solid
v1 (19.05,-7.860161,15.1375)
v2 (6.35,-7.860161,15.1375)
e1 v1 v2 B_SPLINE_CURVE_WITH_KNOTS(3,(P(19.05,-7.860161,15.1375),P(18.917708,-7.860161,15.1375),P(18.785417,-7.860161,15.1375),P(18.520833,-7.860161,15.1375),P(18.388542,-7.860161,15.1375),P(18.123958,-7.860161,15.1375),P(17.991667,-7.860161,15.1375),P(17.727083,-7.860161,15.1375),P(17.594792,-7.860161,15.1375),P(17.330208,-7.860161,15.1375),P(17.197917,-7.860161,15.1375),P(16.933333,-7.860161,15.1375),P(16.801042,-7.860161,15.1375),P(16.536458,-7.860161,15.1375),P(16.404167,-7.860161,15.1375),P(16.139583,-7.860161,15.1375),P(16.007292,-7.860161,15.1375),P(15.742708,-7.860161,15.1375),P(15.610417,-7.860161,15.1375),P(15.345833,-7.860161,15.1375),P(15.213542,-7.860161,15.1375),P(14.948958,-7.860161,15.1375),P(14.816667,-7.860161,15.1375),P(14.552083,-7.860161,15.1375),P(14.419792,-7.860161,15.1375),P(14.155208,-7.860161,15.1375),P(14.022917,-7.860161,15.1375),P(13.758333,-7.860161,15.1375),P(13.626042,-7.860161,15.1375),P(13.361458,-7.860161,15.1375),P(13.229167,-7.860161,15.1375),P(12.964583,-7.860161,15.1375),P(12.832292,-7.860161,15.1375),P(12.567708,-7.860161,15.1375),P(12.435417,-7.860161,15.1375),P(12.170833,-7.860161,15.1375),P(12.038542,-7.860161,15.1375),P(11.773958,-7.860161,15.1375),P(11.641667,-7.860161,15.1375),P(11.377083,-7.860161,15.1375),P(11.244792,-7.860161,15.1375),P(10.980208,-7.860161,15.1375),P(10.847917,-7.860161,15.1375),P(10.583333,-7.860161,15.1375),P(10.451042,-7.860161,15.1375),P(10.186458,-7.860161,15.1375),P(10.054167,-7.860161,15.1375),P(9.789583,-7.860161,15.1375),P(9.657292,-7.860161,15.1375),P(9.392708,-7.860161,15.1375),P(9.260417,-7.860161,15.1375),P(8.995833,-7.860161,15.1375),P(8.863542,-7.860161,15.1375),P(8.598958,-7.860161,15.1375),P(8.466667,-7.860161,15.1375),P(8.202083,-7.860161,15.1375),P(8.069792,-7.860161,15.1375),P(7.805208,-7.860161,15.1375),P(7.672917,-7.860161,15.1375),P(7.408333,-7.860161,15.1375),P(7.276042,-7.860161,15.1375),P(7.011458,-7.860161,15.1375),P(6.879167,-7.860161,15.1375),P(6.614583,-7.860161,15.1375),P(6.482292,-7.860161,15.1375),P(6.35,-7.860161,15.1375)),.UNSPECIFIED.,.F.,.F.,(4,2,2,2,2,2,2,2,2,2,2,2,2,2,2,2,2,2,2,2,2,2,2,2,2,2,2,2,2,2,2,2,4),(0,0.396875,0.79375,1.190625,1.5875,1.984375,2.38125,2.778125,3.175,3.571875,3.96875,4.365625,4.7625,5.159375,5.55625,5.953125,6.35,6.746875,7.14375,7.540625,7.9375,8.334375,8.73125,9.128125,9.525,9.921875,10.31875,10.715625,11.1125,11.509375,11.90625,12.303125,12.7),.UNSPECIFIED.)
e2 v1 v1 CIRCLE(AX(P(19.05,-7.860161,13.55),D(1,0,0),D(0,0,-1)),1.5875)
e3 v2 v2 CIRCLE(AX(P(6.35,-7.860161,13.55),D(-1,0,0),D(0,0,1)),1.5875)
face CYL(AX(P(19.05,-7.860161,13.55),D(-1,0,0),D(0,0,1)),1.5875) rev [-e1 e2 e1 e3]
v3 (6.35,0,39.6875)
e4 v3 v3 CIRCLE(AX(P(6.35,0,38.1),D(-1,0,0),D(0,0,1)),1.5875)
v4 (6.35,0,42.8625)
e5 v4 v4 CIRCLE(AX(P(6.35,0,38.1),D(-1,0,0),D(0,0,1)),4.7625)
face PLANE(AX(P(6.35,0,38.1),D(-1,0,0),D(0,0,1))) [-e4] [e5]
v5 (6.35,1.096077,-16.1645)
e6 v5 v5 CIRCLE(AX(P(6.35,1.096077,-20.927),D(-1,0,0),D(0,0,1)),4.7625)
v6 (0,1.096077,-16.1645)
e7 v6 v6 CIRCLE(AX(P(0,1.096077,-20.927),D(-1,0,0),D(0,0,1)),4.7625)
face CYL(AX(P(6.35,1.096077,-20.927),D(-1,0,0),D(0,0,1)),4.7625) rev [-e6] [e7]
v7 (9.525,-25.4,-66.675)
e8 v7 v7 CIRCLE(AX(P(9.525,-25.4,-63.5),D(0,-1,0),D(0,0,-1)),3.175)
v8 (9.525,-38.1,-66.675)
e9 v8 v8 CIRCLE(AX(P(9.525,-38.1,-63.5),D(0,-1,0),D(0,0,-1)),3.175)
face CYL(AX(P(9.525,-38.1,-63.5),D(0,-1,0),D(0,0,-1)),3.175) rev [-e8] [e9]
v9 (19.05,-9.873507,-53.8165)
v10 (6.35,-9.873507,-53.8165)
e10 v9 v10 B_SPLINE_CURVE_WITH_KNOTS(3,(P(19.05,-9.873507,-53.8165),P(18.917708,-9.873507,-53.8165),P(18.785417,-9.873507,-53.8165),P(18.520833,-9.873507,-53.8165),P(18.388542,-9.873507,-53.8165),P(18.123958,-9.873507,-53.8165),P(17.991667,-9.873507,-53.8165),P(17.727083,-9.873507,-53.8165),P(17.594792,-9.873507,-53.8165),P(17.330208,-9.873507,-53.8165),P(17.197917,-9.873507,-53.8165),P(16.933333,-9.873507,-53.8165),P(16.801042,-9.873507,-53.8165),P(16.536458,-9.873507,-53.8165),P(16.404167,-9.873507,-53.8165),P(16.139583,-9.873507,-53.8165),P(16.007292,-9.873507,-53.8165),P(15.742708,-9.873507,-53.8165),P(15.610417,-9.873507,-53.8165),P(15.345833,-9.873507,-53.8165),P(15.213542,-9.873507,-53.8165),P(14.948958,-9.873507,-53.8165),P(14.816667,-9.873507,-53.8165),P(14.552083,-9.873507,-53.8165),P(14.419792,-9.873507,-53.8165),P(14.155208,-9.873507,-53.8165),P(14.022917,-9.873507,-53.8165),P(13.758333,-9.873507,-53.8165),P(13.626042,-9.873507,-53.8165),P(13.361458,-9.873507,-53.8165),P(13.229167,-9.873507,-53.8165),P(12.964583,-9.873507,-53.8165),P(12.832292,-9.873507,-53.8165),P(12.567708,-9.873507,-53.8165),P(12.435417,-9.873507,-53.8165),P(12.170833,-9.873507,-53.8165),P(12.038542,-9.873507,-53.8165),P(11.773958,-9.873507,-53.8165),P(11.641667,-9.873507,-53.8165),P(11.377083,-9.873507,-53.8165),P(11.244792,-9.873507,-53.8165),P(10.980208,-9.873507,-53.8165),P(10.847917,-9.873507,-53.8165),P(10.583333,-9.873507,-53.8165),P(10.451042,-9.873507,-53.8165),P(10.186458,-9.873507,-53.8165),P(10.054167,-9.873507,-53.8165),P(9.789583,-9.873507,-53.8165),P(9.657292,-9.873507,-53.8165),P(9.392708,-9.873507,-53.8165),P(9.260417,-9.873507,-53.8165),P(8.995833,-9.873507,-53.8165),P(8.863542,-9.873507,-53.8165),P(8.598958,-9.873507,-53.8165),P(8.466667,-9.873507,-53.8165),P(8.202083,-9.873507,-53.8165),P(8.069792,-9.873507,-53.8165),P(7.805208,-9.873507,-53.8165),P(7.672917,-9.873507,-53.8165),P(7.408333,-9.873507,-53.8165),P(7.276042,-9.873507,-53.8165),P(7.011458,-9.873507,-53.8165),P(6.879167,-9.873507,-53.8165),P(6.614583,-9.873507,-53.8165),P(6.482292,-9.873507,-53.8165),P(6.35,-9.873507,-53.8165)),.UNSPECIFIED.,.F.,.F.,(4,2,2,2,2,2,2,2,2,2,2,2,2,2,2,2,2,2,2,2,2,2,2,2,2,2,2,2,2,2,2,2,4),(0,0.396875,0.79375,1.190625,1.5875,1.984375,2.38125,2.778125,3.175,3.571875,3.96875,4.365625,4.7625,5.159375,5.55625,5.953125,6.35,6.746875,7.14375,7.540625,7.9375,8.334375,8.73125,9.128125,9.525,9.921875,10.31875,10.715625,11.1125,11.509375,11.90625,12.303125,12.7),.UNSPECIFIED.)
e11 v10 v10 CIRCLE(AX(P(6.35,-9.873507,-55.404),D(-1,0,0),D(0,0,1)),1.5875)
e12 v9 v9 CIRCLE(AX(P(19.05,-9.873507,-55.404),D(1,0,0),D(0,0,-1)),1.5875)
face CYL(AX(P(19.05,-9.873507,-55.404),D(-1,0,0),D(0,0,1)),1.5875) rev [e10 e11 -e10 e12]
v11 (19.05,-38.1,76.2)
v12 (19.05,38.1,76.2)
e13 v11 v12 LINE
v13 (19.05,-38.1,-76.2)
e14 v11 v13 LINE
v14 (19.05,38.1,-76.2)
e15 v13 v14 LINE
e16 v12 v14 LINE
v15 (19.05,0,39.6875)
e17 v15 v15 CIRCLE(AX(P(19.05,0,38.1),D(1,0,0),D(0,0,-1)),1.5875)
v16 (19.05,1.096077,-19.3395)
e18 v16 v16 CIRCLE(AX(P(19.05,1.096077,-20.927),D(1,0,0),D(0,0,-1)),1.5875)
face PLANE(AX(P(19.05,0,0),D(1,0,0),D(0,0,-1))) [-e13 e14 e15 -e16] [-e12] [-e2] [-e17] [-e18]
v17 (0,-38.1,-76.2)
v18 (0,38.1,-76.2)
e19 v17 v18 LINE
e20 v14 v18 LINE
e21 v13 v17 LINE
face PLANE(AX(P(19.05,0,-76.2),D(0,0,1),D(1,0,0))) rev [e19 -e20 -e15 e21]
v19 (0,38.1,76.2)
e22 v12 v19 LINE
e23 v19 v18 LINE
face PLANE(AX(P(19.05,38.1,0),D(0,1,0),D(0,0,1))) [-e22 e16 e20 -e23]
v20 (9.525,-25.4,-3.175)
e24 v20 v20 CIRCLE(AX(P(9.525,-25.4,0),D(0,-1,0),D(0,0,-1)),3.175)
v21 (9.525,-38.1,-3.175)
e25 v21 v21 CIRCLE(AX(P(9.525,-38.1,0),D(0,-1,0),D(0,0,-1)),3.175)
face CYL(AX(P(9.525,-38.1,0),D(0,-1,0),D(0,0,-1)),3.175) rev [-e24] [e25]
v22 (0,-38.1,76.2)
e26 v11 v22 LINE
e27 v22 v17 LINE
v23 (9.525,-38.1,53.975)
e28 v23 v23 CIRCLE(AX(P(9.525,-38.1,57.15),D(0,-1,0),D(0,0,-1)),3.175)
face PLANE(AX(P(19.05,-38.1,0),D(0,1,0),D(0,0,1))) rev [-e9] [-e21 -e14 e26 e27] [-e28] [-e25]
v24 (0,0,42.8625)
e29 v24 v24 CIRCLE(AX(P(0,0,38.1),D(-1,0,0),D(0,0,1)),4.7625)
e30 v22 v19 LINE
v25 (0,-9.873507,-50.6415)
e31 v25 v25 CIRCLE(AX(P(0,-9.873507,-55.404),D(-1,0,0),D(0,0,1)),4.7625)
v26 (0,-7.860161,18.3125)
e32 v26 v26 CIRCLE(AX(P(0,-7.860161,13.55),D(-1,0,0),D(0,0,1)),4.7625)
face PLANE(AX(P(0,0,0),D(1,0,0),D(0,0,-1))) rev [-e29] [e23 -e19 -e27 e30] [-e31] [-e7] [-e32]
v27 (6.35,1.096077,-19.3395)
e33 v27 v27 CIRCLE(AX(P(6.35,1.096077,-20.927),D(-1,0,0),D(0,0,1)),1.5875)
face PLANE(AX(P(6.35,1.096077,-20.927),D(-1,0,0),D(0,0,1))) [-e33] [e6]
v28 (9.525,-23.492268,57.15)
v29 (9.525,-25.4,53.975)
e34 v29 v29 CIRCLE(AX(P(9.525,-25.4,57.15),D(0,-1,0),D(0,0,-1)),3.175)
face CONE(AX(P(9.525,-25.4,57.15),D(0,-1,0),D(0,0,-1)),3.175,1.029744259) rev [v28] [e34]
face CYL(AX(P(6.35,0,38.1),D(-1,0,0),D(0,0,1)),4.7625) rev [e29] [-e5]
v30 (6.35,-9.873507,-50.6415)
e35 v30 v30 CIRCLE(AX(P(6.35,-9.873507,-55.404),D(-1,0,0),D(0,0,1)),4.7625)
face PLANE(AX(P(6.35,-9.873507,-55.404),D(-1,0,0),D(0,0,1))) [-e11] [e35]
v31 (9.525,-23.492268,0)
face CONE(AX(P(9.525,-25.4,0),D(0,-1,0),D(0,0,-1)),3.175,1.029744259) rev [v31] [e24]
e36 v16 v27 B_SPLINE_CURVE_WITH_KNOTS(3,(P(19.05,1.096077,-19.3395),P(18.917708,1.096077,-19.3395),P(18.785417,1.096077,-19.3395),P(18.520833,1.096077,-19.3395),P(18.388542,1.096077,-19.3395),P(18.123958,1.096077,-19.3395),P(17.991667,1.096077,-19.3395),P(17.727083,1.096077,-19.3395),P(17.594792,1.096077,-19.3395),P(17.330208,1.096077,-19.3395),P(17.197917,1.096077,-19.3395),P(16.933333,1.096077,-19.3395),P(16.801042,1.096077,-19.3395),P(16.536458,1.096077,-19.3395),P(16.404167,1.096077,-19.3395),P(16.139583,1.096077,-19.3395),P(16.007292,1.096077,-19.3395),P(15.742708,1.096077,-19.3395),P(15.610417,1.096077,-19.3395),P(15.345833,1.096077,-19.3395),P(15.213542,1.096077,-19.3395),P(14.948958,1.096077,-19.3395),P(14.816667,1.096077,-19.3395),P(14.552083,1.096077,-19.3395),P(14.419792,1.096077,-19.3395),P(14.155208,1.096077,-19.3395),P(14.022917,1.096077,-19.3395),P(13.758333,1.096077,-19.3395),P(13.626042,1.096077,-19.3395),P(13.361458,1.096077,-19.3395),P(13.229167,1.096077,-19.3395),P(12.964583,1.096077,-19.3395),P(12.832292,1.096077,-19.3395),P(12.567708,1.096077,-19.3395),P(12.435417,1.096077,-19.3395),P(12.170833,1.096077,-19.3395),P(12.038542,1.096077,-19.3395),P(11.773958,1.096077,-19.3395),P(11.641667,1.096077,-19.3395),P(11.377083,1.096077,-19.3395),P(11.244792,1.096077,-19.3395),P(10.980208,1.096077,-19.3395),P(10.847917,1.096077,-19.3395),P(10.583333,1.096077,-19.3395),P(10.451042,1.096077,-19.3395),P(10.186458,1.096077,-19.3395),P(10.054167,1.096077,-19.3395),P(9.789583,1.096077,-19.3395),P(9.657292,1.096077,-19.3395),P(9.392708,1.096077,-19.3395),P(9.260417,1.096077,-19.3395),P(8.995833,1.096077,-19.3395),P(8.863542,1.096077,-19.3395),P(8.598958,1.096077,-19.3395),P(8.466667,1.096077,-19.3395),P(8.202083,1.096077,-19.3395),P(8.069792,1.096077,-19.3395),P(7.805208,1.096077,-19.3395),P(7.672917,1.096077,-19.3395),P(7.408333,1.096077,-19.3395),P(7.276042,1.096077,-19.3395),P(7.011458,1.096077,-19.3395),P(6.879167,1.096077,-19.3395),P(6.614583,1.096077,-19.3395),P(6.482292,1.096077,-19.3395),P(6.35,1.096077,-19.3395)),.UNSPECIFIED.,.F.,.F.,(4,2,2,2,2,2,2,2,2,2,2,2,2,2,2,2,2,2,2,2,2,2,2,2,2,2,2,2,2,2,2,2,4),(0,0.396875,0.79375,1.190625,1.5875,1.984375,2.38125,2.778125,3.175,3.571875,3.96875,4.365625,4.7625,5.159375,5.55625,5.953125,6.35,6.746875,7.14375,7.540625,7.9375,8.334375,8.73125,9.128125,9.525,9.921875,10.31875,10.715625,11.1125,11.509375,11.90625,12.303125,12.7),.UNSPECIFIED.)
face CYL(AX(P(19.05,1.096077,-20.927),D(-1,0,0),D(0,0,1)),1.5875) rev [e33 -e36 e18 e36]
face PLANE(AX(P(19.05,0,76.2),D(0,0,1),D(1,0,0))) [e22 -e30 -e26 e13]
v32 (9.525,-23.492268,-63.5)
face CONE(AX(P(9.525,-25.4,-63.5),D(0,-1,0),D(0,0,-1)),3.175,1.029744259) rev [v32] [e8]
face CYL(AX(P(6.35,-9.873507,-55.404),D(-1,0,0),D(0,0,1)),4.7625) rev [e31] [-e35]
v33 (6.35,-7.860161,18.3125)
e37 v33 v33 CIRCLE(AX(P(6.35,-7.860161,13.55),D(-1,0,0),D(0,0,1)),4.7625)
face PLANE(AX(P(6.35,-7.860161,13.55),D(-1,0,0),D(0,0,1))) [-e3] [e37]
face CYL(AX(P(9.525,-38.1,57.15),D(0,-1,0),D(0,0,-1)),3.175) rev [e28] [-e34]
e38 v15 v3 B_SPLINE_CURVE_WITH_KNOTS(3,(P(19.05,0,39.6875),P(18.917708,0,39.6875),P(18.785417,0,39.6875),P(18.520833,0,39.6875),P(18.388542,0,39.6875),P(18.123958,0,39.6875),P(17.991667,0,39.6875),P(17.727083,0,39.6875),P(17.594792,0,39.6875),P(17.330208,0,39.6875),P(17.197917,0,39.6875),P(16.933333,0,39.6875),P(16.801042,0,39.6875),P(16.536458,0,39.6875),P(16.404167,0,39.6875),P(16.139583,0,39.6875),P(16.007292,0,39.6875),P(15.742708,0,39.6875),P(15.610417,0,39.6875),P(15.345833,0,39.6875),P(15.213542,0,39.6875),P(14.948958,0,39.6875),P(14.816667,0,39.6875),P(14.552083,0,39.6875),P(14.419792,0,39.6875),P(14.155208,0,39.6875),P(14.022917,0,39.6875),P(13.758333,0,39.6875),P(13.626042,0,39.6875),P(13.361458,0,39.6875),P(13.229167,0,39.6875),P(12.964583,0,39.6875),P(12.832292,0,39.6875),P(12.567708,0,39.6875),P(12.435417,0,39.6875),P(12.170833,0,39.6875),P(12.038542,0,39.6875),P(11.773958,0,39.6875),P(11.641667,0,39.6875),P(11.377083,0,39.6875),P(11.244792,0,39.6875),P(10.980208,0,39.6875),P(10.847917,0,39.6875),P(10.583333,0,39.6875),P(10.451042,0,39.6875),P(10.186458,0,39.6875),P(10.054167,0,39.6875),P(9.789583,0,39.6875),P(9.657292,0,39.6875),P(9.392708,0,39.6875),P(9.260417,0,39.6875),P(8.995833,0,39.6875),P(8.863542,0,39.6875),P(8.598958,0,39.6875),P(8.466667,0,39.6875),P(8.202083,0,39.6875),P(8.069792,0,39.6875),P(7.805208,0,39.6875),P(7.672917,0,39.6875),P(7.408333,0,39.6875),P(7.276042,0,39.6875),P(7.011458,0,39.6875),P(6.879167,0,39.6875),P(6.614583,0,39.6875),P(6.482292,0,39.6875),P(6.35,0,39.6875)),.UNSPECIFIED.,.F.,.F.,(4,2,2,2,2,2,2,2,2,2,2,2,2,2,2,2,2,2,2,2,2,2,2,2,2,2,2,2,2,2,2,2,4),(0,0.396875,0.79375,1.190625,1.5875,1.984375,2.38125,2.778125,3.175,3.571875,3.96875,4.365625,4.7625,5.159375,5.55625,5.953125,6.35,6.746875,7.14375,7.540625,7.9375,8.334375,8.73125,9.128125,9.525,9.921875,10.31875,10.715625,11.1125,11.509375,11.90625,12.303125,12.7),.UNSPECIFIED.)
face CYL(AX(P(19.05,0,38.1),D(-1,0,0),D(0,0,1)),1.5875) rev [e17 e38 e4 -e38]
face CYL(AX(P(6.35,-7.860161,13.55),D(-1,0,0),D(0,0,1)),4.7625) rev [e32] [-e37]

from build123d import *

# Parameters (mm, degrees)
SKETCH1_W                       = 152.4
SKETCH1_H                       = 76.2
SKETCH1_R                       = 1.5875
BOSS_EXTRUDE1_DEPTH             = 19.05
SKETCH2_R                       = 4.7625
CUT_EXTRUDE1_DEPTH              = 6.35
F_1_4_0_25_DIAMETER_HOLE1_D     = 6.35
F_1_4_0_25_DIAMETER_HOLE1_DEPTH = 12.7
F_1_4_0_25_DIAMETER_HOLE1_TIP   = 1.907732465


with BuildPart() as part:
    # Sketch1 → Boss-Extrude1 (new body)
    with BuildSketch(Plane(origin=(0, 0, 0), x_dir=(0, 0, -1), z_dir=(1, 0, 0))):
        Rectangle(SKETCH1_W, SKETCH1_H)
        with Locations((20.927, 1.096077429)):
            Circle(SKETCH1_R, mode=Mode.SUBTRACT)
        with Locations((-38.1, 0)):
            Circle(SKETCH1_R, mode=Mode.SUBTRACT)
        with Locations((55.404, -9.873506971)):
            Circle(SKETCH1_R, mode=Mode.SUBTRACT)
        with Locations((-13.55, -7.860160654)):
            Circle(SKETCH1_R, mode=Mode.SUBTRACT)
    extrude(amount=BOSS_EXTRUDE1_DEPTH)

    # Sketch2 → Cut-Extrude1 (cut)
    with BuildSketch(Plane.ZY):
        with Locations((38.1, 0)):
            Circle(SKETCH2_R)
        with Locations((13.55, -7.860160654)):
            Circle(SKETCH2_R)
        with Locations((-20.927, 1.096077429)):
            Circle(SKETCH2_R)
        with Locations((-55.404, -9.873506971)):
            Circle(SKETCH2_R)
    extrude(amount=-CUT_EXTRUDE1_DEPTH, mode=Mode.SUBTRACT)

    # 1/4 (0.25) Diameter Hole1
    with Locations(Plane.XZ.offset(38.1)):
        with Locations((9.525, -63.5), (9.525, 0), (9.525, 57.15)):
            Hole(F_1_4_0_25_DIAMETER_HOLE1_D / 2, depth=F_1_4_0_25_DIAMETER_HOLE1_DEPTH)
            with Locations((0, 0, -(F_1_4_0_25_DIAMETER_HOLE1_DEPTH + F_1_4_0_25_DIAMETER_HOLE1_TIP / 2))):  # 118° drill point
                Cone(0, F_1_4_0_25_DIAMETER_HOLE1_D / 2, F_1_4_0_25_DIAMETER_HOLE1_TIP, mode=Mode.SUBTRACT)


solid = part.part
